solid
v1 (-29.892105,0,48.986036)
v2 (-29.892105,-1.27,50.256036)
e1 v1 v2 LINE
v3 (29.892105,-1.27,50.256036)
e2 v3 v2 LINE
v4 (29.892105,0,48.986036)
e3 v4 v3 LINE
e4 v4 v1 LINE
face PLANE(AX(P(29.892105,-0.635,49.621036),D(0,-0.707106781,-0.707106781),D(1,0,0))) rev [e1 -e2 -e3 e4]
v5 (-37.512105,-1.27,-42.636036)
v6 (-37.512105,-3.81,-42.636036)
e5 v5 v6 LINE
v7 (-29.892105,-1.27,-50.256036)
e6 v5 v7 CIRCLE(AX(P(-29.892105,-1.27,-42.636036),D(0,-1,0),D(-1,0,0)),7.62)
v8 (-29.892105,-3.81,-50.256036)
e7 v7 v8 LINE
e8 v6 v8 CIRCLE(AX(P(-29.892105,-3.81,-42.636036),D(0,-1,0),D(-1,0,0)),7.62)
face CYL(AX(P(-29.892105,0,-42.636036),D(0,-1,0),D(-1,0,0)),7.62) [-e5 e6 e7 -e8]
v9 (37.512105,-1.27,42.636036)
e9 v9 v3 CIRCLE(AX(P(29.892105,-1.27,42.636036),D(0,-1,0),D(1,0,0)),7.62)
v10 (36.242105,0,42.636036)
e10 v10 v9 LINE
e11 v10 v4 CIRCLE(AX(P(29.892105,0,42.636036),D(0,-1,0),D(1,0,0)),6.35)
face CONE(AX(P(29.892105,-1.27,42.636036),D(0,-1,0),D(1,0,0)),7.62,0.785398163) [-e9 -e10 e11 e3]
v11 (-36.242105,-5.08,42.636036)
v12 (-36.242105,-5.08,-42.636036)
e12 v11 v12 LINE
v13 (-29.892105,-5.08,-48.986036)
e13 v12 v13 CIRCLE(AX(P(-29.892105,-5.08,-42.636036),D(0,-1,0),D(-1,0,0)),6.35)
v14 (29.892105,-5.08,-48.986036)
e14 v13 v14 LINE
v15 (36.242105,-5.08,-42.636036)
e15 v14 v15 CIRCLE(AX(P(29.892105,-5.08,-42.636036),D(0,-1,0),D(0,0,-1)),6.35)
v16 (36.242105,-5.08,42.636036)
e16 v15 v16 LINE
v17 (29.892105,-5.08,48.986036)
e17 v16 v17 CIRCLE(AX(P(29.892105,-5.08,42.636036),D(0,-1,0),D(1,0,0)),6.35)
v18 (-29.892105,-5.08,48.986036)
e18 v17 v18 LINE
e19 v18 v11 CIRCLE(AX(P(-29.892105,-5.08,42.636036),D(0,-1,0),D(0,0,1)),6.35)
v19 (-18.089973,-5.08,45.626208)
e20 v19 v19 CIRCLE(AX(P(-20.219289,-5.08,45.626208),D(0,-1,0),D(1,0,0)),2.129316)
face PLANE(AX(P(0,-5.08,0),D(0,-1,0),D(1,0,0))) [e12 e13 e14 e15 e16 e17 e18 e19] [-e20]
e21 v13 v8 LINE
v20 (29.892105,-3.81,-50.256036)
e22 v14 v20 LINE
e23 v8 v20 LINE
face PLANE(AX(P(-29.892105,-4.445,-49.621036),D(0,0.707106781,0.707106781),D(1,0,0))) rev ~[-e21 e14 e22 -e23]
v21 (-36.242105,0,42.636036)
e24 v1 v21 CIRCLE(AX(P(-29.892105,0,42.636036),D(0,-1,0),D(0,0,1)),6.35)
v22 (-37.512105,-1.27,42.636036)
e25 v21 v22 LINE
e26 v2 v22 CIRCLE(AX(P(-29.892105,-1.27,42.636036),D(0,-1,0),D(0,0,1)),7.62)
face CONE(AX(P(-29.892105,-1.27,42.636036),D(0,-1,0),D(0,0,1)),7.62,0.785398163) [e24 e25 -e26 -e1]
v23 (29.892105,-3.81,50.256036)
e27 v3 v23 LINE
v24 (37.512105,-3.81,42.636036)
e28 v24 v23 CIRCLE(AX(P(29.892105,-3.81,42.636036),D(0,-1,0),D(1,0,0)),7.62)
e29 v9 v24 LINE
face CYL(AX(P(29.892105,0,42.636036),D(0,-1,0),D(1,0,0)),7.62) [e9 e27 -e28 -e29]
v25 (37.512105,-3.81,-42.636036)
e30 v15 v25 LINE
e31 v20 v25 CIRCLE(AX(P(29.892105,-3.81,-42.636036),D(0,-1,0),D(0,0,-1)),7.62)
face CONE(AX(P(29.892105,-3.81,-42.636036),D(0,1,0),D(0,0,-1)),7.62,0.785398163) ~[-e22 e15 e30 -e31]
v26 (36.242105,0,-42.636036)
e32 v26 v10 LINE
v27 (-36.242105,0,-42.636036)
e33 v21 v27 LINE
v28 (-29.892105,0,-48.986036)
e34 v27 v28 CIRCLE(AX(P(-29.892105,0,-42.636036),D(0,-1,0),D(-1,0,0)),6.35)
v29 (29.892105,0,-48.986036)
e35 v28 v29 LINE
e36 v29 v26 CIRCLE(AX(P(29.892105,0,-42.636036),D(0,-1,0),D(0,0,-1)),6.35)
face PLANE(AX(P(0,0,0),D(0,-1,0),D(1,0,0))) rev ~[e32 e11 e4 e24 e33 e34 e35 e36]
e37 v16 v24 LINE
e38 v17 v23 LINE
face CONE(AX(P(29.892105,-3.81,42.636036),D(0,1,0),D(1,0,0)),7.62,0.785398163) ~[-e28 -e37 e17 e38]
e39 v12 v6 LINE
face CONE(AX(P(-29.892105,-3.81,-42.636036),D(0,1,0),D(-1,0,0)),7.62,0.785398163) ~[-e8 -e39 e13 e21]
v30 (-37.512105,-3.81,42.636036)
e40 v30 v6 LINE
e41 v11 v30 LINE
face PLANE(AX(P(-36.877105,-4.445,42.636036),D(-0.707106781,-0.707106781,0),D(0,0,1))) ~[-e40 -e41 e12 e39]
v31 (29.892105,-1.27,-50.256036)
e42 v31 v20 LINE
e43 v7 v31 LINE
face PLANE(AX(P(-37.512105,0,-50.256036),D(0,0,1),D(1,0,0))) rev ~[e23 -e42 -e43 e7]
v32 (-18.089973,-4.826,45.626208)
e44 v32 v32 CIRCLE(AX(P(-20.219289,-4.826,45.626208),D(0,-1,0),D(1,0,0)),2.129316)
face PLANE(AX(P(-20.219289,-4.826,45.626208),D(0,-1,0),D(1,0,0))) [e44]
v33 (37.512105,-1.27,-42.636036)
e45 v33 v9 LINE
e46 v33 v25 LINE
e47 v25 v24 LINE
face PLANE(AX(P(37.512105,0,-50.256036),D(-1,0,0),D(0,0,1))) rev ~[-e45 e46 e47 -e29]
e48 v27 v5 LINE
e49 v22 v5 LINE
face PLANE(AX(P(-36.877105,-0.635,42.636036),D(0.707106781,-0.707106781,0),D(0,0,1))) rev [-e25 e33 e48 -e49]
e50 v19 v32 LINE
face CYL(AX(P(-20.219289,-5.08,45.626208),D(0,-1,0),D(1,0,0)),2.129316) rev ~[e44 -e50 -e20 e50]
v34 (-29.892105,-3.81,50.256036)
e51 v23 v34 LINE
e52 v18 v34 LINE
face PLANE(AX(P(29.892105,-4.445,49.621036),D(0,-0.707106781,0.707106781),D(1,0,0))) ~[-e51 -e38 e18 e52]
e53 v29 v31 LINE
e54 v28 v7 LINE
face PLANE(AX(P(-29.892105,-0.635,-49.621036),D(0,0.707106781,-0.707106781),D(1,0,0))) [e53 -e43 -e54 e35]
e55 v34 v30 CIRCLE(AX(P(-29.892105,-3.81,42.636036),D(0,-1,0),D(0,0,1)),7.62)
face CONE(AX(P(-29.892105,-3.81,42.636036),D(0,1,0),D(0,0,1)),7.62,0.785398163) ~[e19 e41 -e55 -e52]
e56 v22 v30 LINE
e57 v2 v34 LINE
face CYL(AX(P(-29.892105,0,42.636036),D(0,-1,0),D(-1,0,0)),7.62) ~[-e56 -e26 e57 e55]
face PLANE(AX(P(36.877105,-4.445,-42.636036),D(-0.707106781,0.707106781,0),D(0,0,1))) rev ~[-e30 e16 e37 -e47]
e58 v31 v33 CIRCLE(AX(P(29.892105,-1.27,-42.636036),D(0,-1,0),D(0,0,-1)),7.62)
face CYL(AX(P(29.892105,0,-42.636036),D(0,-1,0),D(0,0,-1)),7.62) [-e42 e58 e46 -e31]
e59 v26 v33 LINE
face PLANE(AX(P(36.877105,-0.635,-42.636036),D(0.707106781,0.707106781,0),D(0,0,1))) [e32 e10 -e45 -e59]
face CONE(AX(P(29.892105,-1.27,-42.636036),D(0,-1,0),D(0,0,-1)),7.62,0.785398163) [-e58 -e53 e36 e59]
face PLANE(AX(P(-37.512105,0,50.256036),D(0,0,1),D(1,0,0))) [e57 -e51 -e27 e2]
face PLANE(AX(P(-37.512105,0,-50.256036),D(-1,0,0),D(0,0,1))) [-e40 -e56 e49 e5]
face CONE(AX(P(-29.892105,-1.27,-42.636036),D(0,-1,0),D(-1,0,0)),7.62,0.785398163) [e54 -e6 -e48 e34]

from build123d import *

# Parameters (mm, degrees)
F0_W     = 75.02421
F0_H     = 100.512072
F1_DEPTH = 5.08
F2_R     = 7.62
F3_SIZE  = 1.27
F4_R     = 2.129316
F5_DEPTH = 0.254
F6_SIZE  = 1.27


with BuildPart() as f1:
    # F0 (on Front) → F1 (new body)
    with BuildSketch(Plane.XZ):
        Rectangle(F0_W, F0_H)
    extrude(amount=F1_DEPTH)

    # F2
    f2_edges = [f1.edges().sort_by_distance(p)[0] for p in [
        (-37.512105, -2.54, 50.256036),
        (-37.512105, -2.54, -50.256036),
        (37.512105, -2.54, 50.256036),
        (37.512105, -2.54, -50.256036),
    ]]
    fillet(f2_edges, radius=F2_R)

    # F3
    f3_edges = [f1.edges().sort_by_distance(p)[0] for p in [
        (0, -5.08, -50.256036),
        (-35.280259, -5.08, -48.02419),
        (35.280259, -5.08, -48.02419),
        (-37.512105, -5.08, 0),
        (37.512105, -5.08, 0),
        (-35.280259, -5.08, 48.02419),
        (35.280259, -5.08, 48.02419),
        (0, -5.08, 50.256036),
    ]]
    chamfer(f3_edges, length=F3_SIZE)

    # F4 (on face) → F5 (cut)
    with BuildSketch(Plane.XZ.offset(5.08)):
        with Locations((-20.219289, 45.626208)):
            Circle(F4_R)
    extrude(amount=-F5_DEPTH, mode=Mode.SUBTRACT)

    # F6
    f6_edges = [f1.edges().sort_by_distance(p)[0] for p in [
        (0, 0, -50.256036),
        (-35.280259, 0, -48.02419),
        (35.280259, 0, -48.02419),
        (-37.512105, 0, 0),
        (37.512105, 0, 0),
        (-35.280259, 0, 48.02419),
        (35.280259, 0, 48.02419),
        (0, 0, 50.256036),
    ]]
    chamfer(f6_edges, length=F6_SIZE)


solid = f1.part
